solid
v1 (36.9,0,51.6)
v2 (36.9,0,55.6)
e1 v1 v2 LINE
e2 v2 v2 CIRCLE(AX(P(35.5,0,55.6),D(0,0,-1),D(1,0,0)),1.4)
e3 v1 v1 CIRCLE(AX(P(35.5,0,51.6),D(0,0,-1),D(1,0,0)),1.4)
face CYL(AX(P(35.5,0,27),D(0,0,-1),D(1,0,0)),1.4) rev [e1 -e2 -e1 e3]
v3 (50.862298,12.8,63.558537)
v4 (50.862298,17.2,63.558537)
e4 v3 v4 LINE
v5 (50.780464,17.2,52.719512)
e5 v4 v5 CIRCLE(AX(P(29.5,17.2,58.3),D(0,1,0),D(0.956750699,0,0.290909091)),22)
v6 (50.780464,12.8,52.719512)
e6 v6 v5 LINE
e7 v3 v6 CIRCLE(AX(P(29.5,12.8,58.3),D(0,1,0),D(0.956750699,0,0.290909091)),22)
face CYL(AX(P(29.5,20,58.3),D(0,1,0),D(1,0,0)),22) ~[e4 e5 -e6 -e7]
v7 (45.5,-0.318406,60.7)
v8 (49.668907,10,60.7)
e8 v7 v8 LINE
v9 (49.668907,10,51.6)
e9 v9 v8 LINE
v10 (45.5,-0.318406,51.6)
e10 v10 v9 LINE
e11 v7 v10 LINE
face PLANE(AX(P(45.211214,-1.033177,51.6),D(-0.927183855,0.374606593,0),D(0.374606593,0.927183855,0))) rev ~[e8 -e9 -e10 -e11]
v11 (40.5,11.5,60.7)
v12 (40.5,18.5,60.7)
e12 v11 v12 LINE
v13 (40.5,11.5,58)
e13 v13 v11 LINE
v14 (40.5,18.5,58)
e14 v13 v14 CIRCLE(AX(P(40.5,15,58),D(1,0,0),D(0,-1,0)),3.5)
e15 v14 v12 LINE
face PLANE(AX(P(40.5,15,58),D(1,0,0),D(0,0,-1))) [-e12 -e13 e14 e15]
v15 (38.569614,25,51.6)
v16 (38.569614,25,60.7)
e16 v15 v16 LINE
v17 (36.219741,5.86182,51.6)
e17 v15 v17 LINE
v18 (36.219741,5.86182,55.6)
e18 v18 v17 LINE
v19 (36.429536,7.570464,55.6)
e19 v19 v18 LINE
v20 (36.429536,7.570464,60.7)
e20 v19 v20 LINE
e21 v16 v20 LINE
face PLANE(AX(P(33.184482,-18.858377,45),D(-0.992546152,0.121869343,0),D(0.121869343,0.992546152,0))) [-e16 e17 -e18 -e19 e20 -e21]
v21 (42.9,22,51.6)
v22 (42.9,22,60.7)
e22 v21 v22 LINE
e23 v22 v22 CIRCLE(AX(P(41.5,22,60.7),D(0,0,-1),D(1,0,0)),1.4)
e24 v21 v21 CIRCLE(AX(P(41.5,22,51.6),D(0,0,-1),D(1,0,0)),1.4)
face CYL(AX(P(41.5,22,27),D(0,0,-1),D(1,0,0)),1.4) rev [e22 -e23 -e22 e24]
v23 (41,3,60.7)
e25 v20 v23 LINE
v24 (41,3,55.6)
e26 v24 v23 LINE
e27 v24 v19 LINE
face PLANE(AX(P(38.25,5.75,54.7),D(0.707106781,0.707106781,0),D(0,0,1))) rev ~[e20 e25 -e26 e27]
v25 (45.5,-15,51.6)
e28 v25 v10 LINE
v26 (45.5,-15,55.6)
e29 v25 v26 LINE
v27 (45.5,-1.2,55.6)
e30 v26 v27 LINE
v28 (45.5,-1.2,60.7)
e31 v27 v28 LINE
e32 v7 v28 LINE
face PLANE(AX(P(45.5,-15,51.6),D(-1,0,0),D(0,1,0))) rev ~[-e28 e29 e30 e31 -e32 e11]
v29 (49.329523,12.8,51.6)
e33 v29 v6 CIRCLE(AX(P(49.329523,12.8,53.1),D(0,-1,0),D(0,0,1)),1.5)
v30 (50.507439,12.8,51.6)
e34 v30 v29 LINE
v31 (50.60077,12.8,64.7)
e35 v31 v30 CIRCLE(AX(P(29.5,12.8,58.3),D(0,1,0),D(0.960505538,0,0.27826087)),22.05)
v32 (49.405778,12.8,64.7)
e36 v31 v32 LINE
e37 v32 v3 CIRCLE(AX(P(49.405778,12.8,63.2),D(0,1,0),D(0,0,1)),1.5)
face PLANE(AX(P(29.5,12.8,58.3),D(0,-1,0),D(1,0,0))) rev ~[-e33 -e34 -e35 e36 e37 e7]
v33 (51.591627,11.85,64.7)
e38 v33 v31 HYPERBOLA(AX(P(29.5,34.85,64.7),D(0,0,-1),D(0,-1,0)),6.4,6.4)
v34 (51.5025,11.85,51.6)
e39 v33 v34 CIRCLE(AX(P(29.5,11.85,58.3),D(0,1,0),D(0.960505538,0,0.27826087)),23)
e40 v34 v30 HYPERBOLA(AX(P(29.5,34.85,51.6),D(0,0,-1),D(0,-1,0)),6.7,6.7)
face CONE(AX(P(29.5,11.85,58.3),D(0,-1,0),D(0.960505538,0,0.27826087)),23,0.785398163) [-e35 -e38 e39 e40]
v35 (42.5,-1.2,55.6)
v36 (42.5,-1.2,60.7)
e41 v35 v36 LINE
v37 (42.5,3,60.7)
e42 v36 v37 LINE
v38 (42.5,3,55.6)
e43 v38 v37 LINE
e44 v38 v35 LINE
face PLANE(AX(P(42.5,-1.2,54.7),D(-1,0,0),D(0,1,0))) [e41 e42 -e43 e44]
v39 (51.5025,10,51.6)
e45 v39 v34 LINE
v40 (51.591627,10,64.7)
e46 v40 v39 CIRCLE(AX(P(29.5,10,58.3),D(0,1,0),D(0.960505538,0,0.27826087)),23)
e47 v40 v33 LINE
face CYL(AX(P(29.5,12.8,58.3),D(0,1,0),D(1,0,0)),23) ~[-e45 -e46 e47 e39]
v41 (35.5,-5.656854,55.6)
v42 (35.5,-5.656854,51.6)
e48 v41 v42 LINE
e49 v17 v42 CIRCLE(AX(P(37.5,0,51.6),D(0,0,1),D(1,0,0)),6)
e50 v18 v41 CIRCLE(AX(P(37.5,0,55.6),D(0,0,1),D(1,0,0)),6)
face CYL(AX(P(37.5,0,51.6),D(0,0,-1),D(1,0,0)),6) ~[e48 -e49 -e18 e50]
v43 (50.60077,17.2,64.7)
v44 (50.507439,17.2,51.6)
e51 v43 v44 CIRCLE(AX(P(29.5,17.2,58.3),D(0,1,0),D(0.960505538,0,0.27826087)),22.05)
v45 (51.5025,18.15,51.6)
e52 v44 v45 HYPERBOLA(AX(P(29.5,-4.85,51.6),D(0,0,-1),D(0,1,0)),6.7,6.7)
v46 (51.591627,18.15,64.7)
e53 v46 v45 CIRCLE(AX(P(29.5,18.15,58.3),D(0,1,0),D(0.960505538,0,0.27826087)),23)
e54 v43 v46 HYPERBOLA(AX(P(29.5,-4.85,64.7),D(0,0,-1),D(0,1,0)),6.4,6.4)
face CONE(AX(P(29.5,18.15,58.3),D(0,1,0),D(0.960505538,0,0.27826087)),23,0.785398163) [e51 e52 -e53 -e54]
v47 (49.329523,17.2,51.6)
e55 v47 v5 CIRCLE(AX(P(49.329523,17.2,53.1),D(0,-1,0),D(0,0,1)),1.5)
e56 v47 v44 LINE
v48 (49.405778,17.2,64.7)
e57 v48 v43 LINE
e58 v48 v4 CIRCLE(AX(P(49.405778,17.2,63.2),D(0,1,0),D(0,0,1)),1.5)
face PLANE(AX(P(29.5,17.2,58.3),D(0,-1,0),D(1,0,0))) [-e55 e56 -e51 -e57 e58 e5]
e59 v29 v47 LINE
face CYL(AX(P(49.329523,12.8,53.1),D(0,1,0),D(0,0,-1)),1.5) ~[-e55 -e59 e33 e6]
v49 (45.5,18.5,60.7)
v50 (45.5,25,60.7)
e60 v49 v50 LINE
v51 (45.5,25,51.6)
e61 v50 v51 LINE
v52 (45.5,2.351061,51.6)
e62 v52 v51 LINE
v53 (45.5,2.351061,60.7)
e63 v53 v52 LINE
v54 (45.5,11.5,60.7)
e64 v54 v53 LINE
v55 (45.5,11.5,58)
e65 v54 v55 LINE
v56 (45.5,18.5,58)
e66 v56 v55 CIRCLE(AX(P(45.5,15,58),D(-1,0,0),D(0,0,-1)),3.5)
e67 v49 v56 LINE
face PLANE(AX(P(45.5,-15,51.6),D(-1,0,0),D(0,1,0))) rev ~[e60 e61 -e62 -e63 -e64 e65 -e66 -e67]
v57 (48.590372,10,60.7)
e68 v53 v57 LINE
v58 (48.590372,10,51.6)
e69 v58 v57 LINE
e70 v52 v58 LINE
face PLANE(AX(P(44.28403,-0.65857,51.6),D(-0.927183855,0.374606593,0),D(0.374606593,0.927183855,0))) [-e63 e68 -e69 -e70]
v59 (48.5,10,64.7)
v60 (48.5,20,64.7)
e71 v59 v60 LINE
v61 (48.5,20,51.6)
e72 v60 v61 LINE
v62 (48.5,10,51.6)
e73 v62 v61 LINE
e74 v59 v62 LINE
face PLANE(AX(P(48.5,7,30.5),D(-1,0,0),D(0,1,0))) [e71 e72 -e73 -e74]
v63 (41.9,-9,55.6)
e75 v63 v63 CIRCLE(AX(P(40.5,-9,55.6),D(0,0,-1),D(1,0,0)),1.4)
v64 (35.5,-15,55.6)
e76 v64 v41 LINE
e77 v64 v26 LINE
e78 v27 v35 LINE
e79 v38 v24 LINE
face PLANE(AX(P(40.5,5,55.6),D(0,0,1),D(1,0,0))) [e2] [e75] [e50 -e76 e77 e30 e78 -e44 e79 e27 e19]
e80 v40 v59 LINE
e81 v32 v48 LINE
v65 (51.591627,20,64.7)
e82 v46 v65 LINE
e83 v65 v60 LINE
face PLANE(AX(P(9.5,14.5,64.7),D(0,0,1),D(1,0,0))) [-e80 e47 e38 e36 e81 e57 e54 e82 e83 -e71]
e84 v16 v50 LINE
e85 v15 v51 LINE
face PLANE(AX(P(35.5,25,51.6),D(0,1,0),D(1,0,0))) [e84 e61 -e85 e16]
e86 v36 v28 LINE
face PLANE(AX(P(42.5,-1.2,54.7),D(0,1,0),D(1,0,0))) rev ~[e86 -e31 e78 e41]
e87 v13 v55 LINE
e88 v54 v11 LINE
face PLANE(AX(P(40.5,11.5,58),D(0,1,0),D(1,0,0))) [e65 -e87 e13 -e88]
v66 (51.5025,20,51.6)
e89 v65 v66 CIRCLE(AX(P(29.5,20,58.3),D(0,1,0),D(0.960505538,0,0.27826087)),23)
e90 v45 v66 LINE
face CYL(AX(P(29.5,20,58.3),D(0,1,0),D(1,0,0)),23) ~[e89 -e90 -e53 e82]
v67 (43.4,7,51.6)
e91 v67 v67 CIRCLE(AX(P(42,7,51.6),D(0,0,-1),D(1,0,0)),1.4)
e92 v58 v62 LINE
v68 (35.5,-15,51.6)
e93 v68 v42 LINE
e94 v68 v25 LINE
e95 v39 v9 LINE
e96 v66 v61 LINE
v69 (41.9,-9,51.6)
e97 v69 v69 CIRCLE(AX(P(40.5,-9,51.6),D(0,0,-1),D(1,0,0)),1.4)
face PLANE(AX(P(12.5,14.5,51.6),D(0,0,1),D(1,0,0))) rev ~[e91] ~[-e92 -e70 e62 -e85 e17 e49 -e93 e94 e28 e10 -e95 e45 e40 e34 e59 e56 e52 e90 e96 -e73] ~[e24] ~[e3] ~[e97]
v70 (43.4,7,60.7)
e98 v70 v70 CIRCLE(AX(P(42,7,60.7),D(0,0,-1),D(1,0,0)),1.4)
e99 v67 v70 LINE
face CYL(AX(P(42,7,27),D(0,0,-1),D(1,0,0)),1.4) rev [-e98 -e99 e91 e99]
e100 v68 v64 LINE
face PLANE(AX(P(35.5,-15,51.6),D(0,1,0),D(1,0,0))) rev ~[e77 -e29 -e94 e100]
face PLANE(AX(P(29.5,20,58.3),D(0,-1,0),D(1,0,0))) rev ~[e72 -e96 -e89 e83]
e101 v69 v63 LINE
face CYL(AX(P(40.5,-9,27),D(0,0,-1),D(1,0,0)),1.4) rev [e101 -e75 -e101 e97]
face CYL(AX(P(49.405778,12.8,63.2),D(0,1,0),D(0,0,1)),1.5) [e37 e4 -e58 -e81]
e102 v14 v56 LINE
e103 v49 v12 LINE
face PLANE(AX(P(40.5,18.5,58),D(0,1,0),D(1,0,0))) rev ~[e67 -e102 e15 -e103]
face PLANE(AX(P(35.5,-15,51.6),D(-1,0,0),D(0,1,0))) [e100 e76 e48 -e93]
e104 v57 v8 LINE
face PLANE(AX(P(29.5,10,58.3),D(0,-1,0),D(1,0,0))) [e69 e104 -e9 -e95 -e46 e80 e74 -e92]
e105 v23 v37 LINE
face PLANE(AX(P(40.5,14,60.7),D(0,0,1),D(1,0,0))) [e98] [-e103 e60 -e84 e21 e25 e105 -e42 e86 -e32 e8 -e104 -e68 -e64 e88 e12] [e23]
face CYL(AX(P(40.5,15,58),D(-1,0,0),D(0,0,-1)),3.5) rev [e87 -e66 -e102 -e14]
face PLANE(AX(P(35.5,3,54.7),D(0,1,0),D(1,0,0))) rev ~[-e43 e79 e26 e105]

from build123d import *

# Parameters (mm, degrees)
CYLINDER084_R           = 1.4
CYLINDER084_DEPTH       = 50
CYLINDER086_R           = 1.4
CYLINDER086_DEPTH       = 50
CYLINDER085_R           = 1.4
CYLINDER085_DEPTH       = 50
CYLINDER083_R           = 1.4
CYLINDER083_DEPTH       = 50
BOX024_W                = 1
BOX024_H                = 13.5
BOX024_DEPTH            = 9.1
BOX024_PLACEMENT_ANGLE  = -22
BOX025_W                = 110
BOX025_H                = 15
BOX025_DEPTH            = 53
BOX026_W                = 110
BOX026_H                = 15
BOX026_DEPTH            = 53
BOX020_W                = 110
BOX020_H                = 15
BOX020_DEPTH            = 53
CYLINDER043_R           = 23
CYLINDER043_DEPTH       = 2.8
CYLINDER043_ROLL_ANGLE  = 90
CYLINDER039_R           = 22
CYLINDER039_DEPTH       = 10
CYLINDER039_ROLL_ANGLE  = 90
CYLINDER042_R           = 23
CYLINDER042_DEPTH       = 2.8
CYLINDER042_ROLL_ANGLE  = 90
CHAMFER004_SIZE         = 0.95
FILLET_R                = 1.5
BOX023_W                = 3
BOX023_H                = 6
BOX023_DEPTH            = 6
CYLINDER040_R           = 3.5
CYLINDER040_DEPTH       = 8
CYLINDER040_PITCH_ANGLE = 90
BOX022_W                = 8
BOX022_H                = 7
BOX022_DEPTH            = 10
BOX018_W                = 66
BOX018_H                = 50
BOX018_DEPTH            = 25
BOX018_PLACEMENT_ANGLE  = -7
BOX008_W                = 10
BOX008_H                = 22
BOX008_DEPTH            = 6
CHAMFER001_SIZE         = 5.5
BOX009_W                = 10
BOX009_H                = 40
BOX009_DEPTH            = 4
CYLINDER025_R           = 6
CYLINDER025_DEPTH       = 4


with BuildPart() as m3_studding021:
    # Cylinder084 → Cylinder084 (new body)
    with BuildSketch(Plane(origin=(41, -9, 27), x_dir=(1, 0, 0), z_dir=(0, 0, 1))):
        Circle(CYLINDER084_R)
    extrude(amount=CYLINDER084_DEPTH)


with BuildPart() as m3_studding023:
    # Cylinder086 → Cylinder086 (new body)
    with BuildSketch(Plane(origin=(42.5, 7, 27), x_dir=(1, 0, 0), z_dir=(0, 0, 1))):
        Circle(CYLINDER086_R)
    extrude(amount=CYLINDER086_DEPTH)


with BuildPart() as m3_studding022:
    # Cylinder085 → Cylinder085 (new body)
    with BuildSketch(Plane(origin=(42, 22, 27), x_dir=(1, 0, 0), z_dir=(0, 0, 1))):
        Circle(CYLINDER085_R)
    extrude(amount=CYLINDER085_DEPTH)


with BuildPart() as m3_tap003:
    # Cylinder083 → Cylinder083 (new body)
    with BuildSketch(Plane(origin=(36, 0, 27), x_dir=(1, 0, 0), z_dir=(0, 0, 1))):
        Circle(CYLINDER083_R)
    extrude(amount=CYLINDER083_DEPTH)

    # Fusion049: union m3-studding021, m3-studding023, m3-studding022
    add(m3_studding021.part)
    add(m3_studding023.part)
    add(m3_studding022.part)


with BuildPart() as cube024:
    # Box024 → Box024 (new body)
    with BuildSketch(Plane.XY):
        with Locations((0.5, 6.75)):
            Rectangle(BOX024_W, BOX024_H)
    extrude(amount=BOX024_DEPTH)


with BuildPart() as cube024_1:
    # Box024 placement: moved
    add(cube024.part.moved(Location((44.78403, -0.65857, 51.6))).rotate(Axis((44.78403, -0.65857, 51.6), (0, 0, 1)), BOX024_PLACEMENT_ANGLE))


with BuildPart() as cube025:
    # Box025 → Box025 (new body)
    with BuildSketch(Plane(origin=(-45, 8, 64.7), x_dir=(1, 0, 0), z_dir=(0, 0, 1))):
        with Locations((55, 7.5)):
            Rectangle(BOX025_W, BOX025_H)
    extrude(amount=BOX025_DEPTH)


with BuildPart() as cube026:
    # Box026 → Box026 (new body)
    with BuildSketch(Plane(origin=(-42, 8, -1.4), x_dir=(1, 0, 0), z_dir=(0, 0, 1))):
        with Locations((55, 7.5)):
            Rectangle(BOX026_W, BOX026_H)
    extrude(amount=BOX026_DEPTH)


with BuildPart() as bump_chop001:
    # Box020 → Box020 (new body)
    with BuildSketch(Plane(origin=(-61, 8, 30.5), x_dir=(1, 0, 0), z_dir=(0, 0, 1))):
        with Locations((55, 7.5)):
            Rectangle(BOX020_W, BOX020_H)
    extrude(amount=BOX020_DEPTH)

    # Fusion023: union Cube025, Cube026
    add(cube025.part)
    add(cube026.part)


with BuildPart() as filament007:
    # Cylinder043 → Cylinder043 (new body)
    with BuildSketch(Plane.XY):
        Circle(CYLINDER043_R)
    extrude(amount=CYLINDER043_DEPTH)


with BuildPart() as filament007_1:
    # Cylinder043 roll: moved
    add(filament007.part.rotate(Axis((0, 0, 0), (1, 0, 0)), CYLINDER043_ROLL_ANGLE))


with BuildPart() as filament007_2:
    # Cylinder043 placement: moved
    add(filament007_1.part.moved(Location((30, 13.8, 58.3))))


with BuildPart() as filament005:
    # Cylinder039 → Cylinder039 (new body)
    with BuildSketch(Plane.XY):
        Circle(CYLINDER039_R)
    extrude(amount=CYLINDER039_DEPTH)


with BuildPart() as filament005_1:
    # Cylinder039 roll: moved
    add(filament005.part.rotate(Axis((0, 0, 0), (1, 0, 0)), CYLINDER039_ROLL_ANGLE))


with BuildPart() as filament005_2:
    # Cylinder039 placement: moved
    add(filament005_1.part.moved(Location((30, 21, 58.3))))


with BuildPart() as fillet_body:
    # Cylinder042 → Cylinder042 (new body)
    with BuildSketch(Plane.XY):
        Circle(CYLINDER042_R)
    extrude(amount=CYLINDER042_DEPTH)


with BuildPart() as fillet_body_1:
    # Cylinder042 roll: moved
    add(fillet_body.part.rotate(Axis((0, 0, 0), (1, 0, 0)), CYLINDER042_ROLL_ANGLE))


with BuildPart() as fillet_body_2:
    # Cylinder042 placement: moved
    add(fillet_body_1.part.moved(Location((30, 21, 58.3))))

    # Fusion024: union filament007, filament005
    add(filament007_2.part)
    add(filament005_2.part)

    # Cut015: cut bump-chop001
    add(bump_chop001.part, mode=Mode.SUBTRACT)

    # Chamfer004
    chamfer004_edges = [fillet_body_2.edges().sort_by_distance(p)[0] for p in [
        (52.749258, 18.2, 54.913076),
        (52.771775, 18.2, 61.532071),
        (52.749258, 13.8, 54.913076),
        (52.771775, 13.8, 61.532071),
    ]]
    chamfer(chamfer004_edges, length=CHAMFER004_SIZE)


with BuildPart() as fillet_body_3:
    # Chamfer004 placement: moved
    add(fillet_body_2.part.moved(Location((0, -1, 0))))

    # Fillet
    fillet_edges = [fillet_body_3.edges().sort_by_distance(p)[0] for p in [
        (50.954952, 15, 51.6),
        (51.048515, 15, 64.7),
    ]]
    fillet(fillet_edges, radius=FILLET_R)


with BuildPart() as cube023:
    # Box023 → Box023 (new body)
    with BuildSketch(Plane(origin=(43, -1.2, 54.7), x_dir=(1, 0, 0), z_dir=(0, 0, 1))):
        with Locations((1.5, 3)):
            Rectangle(BOX023_W, BOX023_H)
    extrude(amount=BOX023_DEPTH)


with BuildPart() as cylinder040:
    # Cylinder040 → Cylinder040 (new body)
    with BuildSketch(Plane.XY):
        Circle(CYLINDER040_R)
    extrude(amount=CYLINDER040_DEPTH)


with BuildPart() as cylinder040_1:
    # Cylinder040 pitch: moved
    add(cylinder040.part.rotate(Axis((0, 0, 0), (0, 1, 0)), CYLINDER040_PITCH_ANGLE))


with BuildPart() as cylinder040_2:
    # Cylinder040 placement: moved
    add(cylinder040_1.part.moved(Location((41, 16, 58))))


with BuildPart() as spring_cavity:
    # Box022 → Box022 (new body)
    with BuildSketch(Plane(origin=(41, 12.5, 58), x_dir=(1, 0, 0), z_dir=(0, 0, 1))):
        with Locations((4, 3.5)):
            Rectangle(BOX022_W, BOX022_H)
    extrude(amount=BOX022_DEPTH)

    # Fusion020: union Cylinder040
    add(cylinder040_2.part)


with BuildPart() as spring_cavity_1:
    # Fusion020 placement: moved
    add(spring_cavity.part.moved(Location((0, -1, 0))))


with BuildPart() as cube018:
    # Box018 → Box018 (new body)
    with BuildSketch(Plane.XY):
        with Locations((33, 25)):
            Rectangle(BOX018_W, BOX018_H)
    extrude(amount=BOX018_DEPTH)


with BuildPart() as cube018_1:
    # Box018 placement: moved
    add(cube018.part.moved(Location((-31.823564, -10.815, 45))).rotate(Axis((-31.823564, -10.815, 45), (0, 0, 1)), BOX018_PLACEMENT_ANGLE))


with BuildPart() as chamfer001:
    # Box008 → Box008 (new body)
    with BuildSketch(Plane(origin=(36, 3, 54.7), x_dir=(1, 0, 0), z_dir=(0, 0, 1))):
        with Locations((5, 11)):
            Rectangle(BOX008_W, BOX008_H)
    extrude(amount=BOX008_DEPTH)

    # Chamfer001
    chamfer001_edges = [chamfer001.edges().sort_by_distance(p)[0] for p in [
        (36, 3, 57.7),
    ]]
    chamfer(chamfer001_edges, length=CHAMFER001_SIZE)


with BuildPart() as cut007:
    # Box009 → Box009 (new body)
    with BuildSketch(Plane(origin=(36, -15, 51.6), x_dir=(1, 0, 0), z_dir=(0, 0, 1))):
        with Locations((5, 20)):
            Rectangle(BOX009_W, BOX009_H)
    extrude(amount=BOX009_DEPTH)

    # Fusion012: union Chamfer001
    add(chamfer001.part)

    # Cut007: cut Cube018
    add(cube018_1.part, mode=Mode.SUBTRACT)


with BuildPart() as wedge_clamp:
    # Cylinder025 → Cylinder025 (new body)
    with BuildSketch(Plane(origin=(38, 0, 51.6), x_dir=(1, 0, 0), z_dir=(0, 0, 1))):
        Circle(CYLINDER025_R)
    extrude(amount=CYLINDER025_DEPTH)

    # Fusion014: union Cut007
    add(cut007.part)

    # Cut013: cut spring-cavity
    add(spring_cavity_1.part, mode=Mode.SUBTRACT)

    # Fusion021: union Cube023
    add(cube023.part)

    # Fusion025: union Cube024, Fillet body
    add(cube024_1.part)
    add(fillet_body_3.part)

    # Cut036: cut M3-tap003
    add(m3_tap003.part, mode=Mode.SUBTRACT)


with BuildPart() as wedge_clamp_1:
    # Cut036 placement: moved
    add(wedge_clamp.part.moved(Location((-0.5, 0, 0))))


solid = wedge_clamp_1.part
